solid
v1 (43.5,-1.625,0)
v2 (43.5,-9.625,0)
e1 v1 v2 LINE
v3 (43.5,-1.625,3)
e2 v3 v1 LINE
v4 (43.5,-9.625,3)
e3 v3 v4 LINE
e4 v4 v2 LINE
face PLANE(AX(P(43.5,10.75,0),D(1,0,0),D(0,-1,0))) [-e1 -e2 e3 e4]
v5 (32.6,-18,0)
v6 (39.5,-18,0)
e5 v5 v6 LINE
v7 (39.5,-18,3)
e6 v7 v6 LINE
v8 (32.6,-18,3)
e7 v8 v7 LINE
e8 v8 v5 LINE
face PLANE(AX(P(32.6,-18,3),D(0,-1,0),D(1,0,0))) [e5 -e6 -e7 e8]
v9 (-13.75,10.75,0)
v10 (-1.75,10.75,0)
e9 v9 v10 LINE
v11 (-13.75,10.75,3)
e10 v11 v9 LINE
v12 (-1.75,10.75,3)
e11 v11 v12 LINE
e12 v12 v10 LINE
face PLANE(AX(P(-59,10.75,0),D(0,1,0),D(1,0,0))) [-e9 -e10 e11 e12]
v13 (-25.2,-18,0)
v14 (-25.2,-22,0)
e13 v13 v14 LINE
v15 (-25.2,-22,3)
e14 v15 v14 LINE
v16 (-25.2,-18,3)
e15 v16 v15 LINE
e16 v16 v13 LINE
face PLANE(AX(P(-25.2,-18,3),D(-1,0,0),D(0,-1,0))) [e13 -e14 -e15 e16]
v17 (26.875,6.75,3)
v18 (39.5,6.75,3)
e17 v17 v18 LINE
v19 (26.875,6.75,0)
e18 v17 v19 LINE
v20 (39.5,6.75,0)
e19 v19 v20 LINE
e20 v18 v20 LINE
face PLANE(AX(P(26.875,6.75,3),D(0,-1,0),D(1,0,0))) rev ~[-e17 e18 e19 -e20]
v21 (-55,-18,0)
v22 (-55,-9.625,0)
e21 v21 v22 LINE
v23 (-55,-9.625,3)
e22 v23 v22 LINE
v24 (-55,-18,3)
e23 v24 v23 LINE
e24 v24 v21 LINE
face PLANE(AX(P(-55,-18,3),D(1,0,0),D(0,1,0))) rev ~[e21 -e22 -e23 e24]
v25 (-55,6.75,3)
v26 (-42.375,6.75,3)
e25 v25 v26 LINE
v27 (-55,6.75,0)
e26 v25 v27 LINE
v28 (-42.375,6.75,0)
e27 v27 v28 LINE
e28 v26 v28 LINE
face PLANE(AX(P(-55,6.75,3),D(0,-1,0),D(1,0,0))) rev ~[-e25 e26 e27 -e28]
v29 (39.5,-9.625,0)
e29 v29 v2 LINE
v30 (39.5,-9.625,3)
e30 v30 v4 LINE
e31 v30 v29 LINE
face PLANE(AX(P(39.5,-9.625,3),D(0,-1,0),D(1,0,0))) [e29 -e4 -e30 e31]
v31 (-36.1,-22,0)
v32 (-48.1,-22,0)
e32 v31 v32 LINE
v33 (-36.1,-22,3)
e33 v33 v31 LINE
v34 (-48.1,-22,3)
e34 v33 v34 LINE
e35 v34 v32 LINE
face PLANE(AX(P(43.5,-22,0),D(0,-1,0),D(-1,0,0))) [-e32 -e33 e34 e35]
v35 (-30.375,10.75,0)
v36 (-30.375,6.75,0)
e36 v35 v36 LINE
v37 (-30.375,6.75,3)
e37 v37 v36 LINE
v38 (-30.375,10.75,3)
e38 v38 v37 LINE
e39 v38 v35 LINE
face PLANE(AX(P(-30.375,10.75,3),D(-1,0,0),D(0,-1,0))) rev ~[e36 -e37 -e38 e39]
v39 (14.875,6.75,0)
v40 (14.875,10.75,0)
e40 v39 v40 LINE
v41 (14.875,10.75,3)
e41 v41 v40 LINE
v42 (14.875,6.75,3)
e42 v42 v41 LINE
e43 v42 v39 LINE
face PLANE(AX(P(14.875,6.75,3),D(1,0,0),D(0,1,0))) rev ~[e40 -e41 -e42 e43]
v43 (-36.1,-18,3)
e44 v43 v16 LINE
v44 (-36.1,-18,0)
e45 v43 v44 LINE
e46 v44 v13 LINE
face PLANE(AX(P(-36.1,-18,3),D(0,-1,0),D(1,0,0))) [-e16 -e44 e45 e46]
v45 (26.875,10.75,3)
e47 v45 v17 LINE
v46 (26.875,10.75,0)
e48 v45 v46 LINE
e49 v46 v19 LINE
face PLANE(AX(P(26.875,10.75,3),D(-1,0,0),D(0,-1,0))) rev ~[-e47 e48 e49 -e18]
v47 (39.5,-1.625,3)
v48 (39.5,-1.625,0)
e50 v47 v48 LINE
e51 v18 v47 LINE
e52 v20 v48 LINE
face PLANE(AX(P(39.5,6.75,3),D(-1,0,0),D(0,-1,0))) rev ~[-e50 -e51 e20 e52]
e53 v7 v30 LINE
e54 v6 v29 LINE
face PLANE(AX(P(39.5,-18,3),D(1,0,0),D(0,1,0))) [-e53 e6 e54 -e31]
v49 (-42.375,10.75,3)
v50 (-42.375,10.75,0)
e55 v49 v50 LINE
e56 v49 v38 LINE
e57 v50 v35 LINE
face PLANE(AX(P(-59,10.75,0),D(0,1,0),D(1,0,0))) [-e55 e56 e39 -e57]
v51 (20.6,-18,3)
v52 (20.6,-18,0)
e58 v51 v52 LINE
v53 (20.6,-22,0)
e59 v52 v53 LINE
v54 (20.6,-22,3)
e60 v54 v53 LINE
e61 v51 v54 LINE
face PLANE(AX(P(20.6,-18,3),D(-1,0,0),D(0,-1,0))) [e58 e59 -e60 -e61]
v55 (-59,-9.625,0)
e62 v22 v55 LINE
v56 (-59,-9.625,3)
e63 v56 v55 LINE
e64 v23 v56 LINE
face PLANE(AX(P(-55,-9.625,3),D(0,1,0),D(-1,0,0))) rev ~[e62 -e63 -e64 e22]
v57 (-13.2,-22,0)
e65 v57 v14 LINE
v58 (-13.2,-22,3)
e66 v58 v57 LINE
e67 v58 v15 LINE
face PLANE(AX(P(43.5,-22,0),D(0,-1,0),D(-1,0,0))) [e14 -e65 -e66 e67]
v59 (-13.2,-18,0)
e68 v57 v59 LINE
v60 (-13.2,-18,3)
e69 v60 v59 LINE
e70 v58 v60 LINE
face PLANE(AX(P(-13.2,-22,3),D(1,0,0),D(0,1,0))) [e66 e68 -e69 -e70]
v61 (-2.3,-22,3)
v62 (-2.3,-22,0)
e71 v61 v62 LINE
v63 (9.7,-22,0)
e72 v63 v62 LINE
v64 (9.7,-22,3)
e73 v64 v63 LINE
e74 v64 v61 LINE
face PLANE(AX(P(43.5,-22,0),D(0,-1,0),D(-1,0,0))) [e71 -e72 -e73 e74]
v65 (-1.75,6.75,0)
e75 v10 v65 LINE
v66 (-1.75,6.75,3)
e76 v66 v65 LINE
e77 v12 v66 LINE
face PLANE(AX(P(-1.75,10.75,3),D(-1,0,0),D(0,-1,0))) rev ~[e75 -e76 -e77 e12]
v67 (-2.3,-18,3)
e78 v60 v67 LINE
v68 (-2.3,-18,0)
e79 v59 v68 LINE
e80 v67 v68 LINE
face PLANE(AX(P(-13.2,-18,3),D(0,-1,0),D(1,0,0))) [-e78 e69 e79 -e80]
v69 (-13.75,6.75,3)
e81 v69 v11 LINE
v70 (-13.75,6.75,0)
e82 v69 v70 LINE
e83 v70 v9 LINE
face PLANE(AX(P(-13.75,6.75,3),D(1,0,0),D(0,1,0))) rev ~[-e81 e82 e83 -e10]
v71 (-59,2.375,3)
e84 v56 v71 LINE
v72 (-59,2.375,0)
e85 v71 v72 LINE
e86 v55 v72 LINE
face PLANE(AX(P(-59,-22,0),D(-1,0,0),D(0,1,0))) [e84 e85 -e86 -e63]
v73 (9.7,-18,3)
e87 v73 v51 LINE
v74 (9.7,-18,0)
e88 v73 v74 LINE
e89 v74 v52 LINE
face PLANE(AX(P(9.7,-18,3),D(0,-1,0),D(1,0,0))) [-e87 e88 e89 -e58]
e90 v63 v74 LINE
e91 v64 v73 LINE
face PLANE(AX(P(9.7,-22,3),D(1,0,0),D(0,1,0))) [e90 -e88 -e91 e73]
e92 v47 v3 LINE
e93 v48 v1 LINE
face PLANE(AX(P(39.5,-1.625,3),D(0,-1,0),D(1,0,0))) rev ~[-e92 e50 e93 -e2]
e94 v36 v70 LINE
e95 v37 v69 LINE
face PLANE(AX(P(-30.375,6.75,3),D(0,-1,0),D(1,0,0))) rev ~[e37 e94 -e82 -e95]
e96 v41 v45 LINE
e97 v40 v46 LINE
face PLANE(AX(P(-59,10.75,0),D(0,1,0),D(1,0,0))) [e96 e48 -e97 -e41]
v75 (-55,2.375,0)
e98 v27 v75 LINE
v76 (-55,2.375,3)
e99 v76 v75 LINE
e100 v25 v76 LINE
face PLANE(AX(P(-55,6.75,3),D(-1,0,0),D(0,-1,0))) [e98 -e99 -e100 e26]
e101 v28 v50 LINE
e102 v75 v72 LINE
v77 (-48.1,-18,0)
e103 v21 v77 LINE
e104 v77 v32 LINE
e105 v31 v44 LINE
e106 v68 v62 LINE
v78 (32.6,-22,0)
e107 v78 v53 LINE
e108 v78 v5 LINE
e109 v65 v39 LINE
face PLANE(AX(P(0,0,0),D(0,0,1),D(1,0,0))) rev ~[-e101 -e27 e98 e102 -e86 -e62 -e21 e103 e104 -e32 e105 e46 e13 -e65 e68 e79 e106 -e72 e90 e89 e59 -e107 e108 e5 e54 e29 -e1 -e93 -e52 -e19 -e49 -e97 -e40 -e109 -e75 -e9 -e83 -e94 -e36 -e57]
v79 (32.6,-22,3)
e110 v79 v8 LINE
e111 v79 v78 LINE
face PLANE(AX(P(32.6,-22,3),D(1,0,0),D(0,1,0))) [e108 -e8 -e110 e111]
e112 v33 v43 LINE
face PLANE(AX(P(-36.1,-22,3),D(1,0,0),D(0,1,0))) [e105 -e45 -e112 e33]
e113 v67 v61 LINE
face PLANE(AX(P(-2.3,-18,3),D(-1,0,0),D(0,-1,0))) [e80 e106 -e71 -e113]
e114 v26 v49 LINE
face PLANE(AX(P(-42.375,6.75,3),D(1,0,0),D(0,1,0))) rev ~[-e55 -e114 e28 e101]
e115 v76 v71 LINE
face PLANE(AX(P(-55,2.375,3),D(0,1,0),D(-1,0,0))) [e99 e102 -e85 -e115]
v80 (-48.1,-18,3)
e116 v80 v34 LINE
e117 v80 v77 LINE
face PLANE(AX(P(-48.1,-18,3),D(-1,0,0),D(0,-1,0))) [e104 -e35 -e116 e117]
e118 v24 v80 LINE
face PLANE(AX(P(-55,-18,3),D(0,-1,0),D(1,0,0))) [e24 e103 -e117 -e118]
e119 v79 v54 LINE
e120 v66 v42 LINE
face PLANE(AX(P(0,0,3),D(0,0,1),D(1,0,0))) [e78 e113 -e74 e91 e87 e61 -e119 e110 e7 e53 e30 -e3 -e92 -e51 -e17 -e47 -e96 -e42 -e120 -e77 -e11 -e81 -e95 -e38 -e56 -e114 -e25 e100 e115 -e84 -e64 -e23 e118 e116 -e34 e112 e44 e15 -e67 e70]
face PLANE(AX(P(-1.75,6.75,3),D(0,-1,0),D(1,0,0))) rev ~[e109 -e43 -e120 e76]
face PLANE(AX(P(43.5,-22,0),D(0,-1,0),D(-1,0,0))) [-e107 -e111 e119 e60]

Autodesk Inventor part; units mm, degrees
ref_plane "YZ Plane" through (0, 0, 0) normal (1, 0, 0) x (0, 1, 0)
ref_plane "XZ Plane" through (0, 0, 0) normal (0, 1, 0) x (-1, 0, 0)
ref_plane "XY Plane" through (0, 0, 0) normal (0, 0, 1) x (1, 0, 0)
sketch "Esboço1" plane through (0, 0, 0) normal (0, 0, 1) x (1, 0, 0)
  line L0 (-59, 10.75) -> (43.5, 10.75)
  line L1 (43.5, 10.75) -> (43.5, -22)
  line L2 (43.5, -22) -> (-59, -22)
  line L3 (-59, -22) -> (-59, 10.75)
  point P0 (0, 0)
  dimension "d34" = 43.5
  dimension "d35" = 22
  dimension "d49" = 10.75
  dimension "d59" = 59
extrude "Extrusão1" add sketch "Esboço1" along normal blind 3
sketch "Esboço2" plane through (0, 0, 3) normal (0, 0, 1) x (1, 0, 0)
  line L0 (-59, -22) -> (43.5, -22) projected
  line L1 (43.5, -22) -> (42.5, -22)
  line L2 (43.5, 10.75) -> (26.875, 10.75)
  line L3 (26.875, 10.75) -> (26.875, 6.75)
  line L4 (26.875, 6.75) -> (43.5, 6.75)
  line L5 (43.5, 6.75) -> (43.5, 10.75)
  line L6 (14.875, 10.75) -> (-1.75, 10.75)
  line L7 (-1.75, 10.75) -> (-1.75, 6.75)
  line L8 (-1.75, 6.75) -> (14.875, 6.75)
  line L9 (14.875, 6.75) -> (14.875, 10.75)
  line L10 (-13.75, 10.75) -> (-30.375, 10.75)
  line L11 (-30.375, 10.75) -> (-30.375, 6.75)
  line L12 (-30.375, 6.75) -> (-13.75, 6.75)
  line L13 (-13.75, 6.75) -> (-13.75, 10.75)
  line L14 (-42.375, 10.75) -> (-59, 10.75)
  line L15 (-59, 10.75) -> (-59, 6.75)
  line L16 (-59, 6.75) -> (-42.375, 6.75)
  line L17 (-42.375, 6.75) -> (-42.375, 10.75)
  line L18 (43.5, -22) -> (32.6, -22)
  line L19 (32.6, -22) -> (32.6, -18)
  line L20 (32.6, -18) -> (43.5, -18)
  line L21 (43.5, -18) -> (43.5, -22)
  line L22 (9.7, -22) -> (9.7, -18)
  line L23 (20.6, -22) -> (19.6, -22)
  line L24 (20.6, -22) -> (9.7, -22)
  line L25 (20.6, -18) -> (20.6, -22)
  line L26 (9.7, -18) -> (20.6, -18)
  line L27 (-13.2, -22) -> (-13.2, -18)
  line L28 (-2.3, -22) -> (-3.3, -22)
  line L29 (-2.3, -22) -> (-13.2, -22)
  line L30 (-2.3, -18) -> (-2.3, -22)
  line L31 (-13.2, -18) -> (-2.3, -18)
  line L32 (-36.1, -22) -> (-36.1, -18)
  line L33 (-25.2, -22) -> (-26.2, -22)
  line L34 (-25.2, -22) -> (-36.1, -22)
  line L35 (-25.2, -18) -> (-25.2, -22)
  line L36 (-36.1, -18) -> (-25.2, -18)
  line L37 (-59, -22) -> (-59, -18)
  line L38 (-48.1, -22) -> (-49.1, -22)
  line L39 (-48.1, -22) -> (-59, -22)
  line L40 (-48.1, -18) -> (-48.1, -22)
  line L41 (-59, -18) -> (-48.1, -18)
  line L42 (-59, 10.75) -> (-59, -22) projected
  line L43 (-59, -22) -> (-59, -22)
  line L44 (-59, -22) -> (-59, -18)
  line L45 (-59, -18) -> (-59, -18)
  line L46 (-59, -18) -> (-59, -22)
  line L47 (-59, 6.75) -> (-59, 6.75)
  line L48 (-59, 6.75) -> (-59, 10.75)
  line L49 (-59, 10.75) -> (-59, 10.75)
  line L50 (-59, 10.75) -> (-59, 6.75)
  line L51 (-59, -18) -> (-59, -9.625) construction
  line L52 (-59, -9.625) -> (-55, -9.625) construction
  line L53 (-55, 2.375) -> (-59, 2.375) construction
  line L54 (-59, 2.375) -> (-59, -9.625) construction
  line L55 (-13.75, 10.75) -> (-13.75, -22) construction
  line L56 (43.5, -22) -> (43.5, 10.75) projected
  line L57 (43.5, -9.625) -> (39.5, -9.625) construction
  line L58 (39.5, -1.625) -> (43.5, -1.625) construction
  line L59 (43.5, -1.625) -> (43.5, -9.625)
  line L60 (39.5, -9.625) -> (43.5, -9.625)
  line L61 (43.5, -9.625) -> (43.5, -18)
  line L62 (43.5, -18) -> (39.5, -18)
  line L63 (39.5, -18) -> (39.5, -9.625)
  line L64 (39.5, -1.625) -> (43.5, -1.625)
  line L65 (43.5, -1.625) -> (43.5, 6.75)
  line L66 (43.5, 6.75) -> (39.5, 6.75)
  line L67 (39.5, 6.75) -> (39.5, -1.625)
  line L68 (-55, -9.625) -> (-59, -9.625)
  line L69 (-59, -9.625) -> (-59, -18)
  line L70 (-59, -18) -> (-55, -18)
  line L71 (-55, -18) -> (-55, -9.625)
  line L72 (-55, 2.375) -> (-59, 2.375)
  line L73 (-59, 2.375) -> (-59, 6.75)
  line L74 (-59, 6.75) -> (-55, 6.75)
  line L75 (-55, 6.75) -> (-55, 2.375)
  point P0 (-48.1, -22)
  point P1 (-36.1, -22)
  point P2 (-25.2, -22)
  point P3 (-13.2, -22)
  point P4 (-2.3, -22)
  point P5 (9.7, -22)
  point P6 (32.6, -22)
  point P7 (-57.4, -18)
  point P8 (-57, 14.75)
  point P9 (-59, 10.75)
  point P10 (-55, 6.75)
  point P11 (-59, 6.75)
  point P12 (39.5, 6.75)
  point P13 (43.5, -1.625)
  dimension "d40" = 4
  dimension "d41" = 16.625
  dimension "d44" = 28.625
  dimension "d50" = 10.9
  dimension "d51" = 4
  dimension "d54" = 22.9
  dimension "d60" = 8.375
extrude "Extrusão2" cut sketch "Esboço2" against normal through all
properties part number "Acrilico-Parachoque"
